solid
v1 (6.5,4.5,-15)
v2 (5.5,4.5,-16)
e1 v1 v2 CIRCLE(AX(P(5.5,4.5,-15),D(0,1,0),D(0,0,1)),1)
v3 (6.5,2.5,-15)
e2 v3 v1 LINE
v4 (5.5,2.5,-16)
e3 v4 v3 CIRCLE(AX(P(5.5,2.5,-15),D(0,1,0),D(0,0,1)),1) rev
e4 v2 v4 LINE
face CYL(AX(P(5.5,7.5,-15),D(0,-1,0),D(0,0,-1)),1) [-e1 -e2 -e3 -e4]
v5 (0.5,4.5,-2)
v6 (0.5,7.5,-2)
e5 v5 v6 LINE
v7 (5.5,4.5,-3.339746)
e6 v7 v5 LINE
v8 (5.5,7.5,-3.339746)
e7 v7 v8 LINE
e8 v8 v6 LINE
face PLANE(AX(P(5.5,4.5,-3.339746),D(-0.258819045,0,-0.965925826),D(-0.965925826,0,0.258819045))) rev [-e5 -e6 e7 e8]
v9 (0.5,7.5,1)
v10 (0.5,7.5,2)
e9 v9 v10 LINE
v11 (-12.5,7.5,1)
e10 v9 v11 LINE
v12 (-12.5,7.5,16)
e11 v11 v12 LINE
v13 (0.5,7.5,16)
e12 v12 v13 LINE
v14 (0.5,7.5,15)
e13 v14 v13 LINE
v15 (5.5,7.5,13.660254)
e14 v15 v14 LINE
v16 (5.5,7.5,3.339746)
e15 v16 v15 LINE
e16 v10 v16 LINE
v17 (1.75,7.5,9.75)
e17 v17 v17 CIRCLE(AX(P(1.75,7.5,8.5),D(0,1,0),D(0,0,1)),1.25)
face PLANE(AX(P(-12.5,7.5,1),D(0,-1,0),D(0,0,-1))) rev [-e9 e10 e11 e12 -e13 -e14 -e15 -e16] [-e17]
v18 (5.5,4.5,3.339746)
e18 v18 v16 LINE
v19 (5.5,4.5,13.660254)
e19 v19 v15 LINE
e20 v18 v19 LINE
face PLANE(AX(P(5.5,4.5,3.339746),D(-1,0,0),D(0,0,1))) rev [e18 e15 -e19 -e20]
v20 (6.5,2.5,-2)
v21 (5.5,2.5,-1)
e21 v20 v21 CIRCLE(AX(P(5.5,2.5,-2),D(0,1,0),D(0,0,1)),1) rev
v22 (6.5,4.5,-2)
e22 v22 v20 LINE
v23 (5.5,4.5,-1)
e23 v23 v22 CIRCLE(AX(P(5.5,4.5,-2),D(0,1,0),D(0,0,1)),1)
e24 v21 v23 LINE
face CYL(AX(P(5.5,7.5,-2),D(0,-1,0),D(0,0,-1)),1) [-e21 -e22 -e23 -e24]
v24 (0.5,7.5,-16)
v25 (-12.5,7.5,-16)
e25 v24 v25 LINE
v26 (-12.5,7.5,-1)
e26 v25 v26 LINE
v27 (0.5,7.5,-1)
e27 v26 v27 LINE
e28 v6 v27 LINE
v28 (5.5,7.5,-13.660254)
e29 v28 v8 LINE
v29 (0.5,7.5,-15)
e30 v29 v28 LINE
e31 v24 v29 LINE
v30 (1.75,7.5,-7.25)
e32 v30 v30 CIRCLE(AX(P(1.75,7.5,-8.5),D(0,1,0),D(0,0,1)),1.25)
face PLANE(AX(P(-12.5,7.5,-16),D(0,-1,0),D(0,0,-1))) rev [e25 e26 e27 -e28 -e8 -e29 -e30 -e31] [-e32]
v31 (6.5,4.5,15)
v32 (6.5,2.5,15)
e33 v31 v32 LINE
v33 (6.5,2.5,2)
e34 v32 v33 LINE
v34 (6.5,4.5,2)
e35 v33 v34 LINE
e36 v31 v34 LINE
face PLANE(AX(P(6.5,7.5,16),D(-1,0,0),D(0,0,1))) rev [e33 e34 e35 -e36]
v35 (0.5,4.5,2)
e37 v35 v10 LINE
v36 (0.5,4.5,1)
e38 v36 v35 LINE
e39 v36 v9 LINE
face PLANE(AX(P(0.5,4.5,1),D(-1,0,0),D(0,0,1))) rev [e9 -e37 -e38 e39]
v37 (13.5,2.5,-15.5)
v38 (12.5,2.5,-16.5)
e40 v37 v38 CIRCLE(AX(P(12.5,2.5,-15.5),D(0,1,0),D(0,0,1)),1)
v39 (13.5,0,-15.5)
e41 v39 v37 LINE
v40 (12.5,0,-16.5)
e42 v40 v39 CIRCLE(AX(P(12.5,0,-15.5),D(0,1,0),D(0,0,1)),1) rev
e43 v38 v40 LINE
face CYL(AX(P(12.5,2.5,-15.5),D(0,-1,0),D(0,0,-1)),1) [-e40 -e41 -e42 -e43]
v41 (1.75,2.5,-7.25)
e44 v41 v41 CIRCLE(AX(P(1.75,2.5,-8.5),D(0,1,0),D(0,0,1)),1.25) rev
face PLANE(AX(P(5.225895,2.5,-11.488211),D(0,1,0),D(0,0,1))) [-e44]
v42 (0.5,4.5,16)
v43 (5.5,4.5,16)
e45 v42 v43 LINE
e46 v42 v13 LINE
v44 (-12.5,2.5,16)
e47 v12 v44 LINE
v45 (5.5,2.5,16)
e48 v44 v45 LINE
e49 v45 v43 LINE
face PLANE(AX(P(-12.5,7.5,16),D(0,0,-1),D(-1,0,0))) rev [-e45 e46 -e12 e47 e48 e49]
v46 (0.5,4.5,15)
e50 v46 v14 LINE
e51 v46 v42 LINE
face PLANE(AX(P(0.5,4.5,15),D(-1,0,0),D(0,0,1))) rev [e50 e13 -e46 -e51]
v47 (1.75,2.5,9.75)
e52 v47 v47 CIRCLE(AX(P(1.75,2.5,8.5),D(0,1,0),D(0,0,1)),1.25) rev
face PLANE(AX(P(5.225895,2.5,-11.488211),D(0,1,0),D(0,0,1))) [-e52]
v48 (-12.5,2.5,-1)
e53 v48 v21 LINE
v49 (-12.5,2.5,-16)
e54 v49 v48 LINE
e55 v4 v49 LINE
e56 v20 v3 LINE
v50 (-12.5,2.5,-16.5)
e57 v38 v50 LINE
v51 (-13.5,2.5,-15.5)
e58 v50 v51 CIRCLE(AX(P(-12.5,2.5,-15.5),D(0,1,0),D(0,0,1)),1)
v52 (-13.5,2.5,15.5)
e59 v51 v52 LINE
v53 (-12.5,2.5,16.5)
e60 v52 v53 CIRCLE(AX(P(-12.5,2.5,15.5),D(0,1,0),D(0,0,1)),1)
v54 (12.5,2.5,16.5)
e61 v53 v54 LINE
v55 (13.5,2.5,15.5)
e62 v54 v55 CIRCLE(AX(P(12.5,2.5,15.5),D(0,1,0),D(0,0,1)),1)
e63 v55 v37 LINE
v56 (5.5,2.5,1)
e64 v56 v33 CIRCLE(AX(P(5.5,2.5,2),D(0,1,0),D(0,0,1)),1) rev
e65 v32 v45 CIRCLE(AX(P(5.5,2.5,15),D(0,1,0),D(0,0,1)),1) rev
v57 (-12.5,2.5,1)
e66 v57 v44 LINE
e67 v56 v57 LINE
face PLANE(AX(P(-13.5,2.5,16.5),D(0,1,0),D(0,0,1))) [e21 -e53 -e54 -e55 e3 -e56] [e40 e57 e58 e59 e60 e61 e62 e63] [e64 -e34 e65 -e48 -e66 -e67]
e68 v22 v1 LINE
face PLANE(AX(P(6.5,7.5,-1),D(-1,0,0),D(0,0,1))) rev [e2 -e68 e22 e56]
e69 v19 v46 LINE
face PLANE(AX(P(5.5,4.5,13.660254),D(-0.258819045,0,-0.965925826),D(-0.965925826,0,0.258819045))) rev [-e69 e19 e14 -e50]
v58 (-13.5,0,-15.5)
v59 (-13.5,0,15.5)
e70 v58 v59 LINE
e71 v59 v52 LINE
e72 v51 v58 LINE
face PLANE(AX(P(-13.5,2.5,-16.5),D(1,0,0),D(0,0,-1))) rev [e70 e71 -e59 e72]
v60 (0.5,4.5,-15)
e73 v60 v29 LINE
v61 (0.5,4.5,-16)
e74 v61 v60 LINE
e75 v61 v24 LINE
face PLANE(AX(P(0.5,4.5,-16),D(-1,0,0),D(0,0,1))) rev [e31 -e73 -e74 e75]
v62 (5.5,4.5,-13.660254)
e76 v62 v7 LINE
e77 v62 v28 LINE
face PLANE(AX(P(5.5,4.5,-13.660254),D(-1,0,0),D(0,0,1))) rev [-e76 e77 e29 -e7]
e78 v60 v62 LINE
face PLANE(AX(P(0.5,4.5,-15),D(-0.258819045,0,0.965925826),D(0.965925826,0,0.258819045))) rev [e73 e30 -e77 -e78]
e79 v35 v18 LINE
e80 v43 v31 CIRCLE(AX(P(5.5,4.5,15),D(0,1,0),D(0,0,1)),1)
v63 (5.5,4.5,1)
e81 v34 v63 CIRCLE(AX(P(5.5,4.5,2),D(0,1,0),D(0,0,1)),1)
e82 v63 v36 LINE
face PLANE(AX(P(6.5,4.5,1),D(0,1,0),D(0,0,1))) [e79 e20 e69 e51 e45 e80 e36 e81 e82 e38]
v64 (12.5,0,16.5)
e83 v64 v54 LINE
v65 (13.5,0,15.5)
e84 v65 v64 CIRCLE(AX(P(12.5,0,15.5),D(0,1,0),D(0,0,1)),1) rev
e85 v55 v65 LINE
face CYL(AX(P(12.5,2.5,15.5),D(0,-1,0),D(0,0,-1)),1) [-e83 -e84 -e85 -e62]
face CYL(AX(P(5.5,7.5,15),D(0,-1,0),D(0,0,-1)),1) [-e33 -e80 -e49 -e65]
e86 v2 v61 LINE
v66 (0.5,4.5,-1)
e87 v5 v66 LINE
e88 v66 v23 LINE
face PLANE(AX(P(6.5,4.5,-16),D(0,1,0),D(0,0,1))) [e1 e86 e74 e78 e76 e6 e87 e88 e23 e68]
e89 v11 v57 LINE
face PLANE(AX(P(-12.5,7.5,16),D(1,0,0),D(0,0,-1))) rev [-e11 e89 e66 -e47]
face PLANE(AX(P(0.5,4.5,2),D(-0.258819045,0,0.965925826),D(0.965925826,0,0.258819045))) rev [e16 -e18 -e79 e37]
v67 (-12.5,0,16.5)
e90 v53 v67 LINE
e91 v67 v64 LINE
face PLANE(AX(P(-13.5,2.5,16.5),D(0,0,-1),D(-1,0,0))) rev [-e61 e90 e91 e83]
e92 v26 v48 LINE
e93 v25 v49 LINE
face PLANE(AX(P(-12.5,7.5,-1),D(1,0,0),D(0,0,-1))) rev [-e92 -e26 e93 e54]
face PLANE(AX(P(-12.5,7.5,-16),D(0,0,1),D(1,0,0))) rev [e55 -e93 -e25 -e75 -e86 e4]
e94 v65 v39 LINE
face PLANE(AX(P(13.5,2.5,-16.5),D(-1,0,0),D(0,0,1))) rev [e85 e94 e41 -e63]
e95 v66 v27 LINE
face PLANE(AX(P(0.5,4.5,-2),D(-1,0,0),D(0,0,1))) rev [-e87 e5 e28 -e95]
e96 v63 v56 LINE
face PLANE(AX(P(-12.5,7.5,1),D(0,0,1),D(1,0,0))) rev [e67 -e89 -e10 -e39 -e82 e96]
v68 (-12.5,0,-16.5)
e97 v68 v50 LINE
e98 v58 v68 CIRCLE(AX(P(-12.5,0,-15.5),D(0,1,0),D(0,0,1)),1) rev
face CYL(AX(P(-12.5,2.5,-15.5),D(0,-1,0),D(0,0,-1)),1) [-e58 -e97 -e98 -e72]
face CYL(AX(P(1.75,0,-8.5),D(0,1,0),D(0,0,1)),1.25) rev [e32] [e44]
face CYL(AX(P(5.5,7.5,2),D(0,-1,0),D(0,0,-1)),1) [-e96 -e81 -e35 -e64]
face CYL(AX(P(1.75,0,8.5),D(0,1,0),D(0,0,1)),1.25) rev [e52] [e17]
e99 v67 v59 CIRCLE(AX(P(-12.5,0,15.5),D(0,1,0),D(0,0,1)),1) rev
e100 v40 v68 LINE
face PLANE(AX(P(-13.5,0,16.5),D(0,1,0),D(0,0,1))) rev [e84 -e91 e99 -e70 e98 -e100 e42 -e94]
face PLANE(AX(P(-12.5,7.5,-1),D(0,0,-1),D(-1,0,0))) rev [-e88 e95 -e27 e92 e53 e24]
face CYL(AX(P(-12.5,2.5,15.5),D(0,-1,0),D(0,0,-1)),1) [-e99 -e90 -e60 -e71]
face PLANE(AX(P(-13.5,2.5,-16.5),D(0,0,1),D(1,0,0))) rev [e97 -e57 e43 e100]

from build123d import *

# Parameters (mm, degrees)
SKETCH1_W              = 27
SKETCH1_H              = 33
EXTRUDE1_DEPTH         = 2.5
FILLET1_R              = 1
SKETCH2_W              = 19
SKETCH2_H              = 15
EXTRUDE2_DEPTH         = 5
CUT_EXTRUDE1_DEPTH     = 3
FILLET2_R              = 1
SKETCH4_R              = 1.25
CUT_EXTRUDE2_DEPTH     = 23.59977876
LPATTERN1_COUNT        = 2
LPATTERN1_PITCH        = 17
FILLET2_OF_LPATTERN1_R = 1
SKETCH5_W              = 8.254105746
SKETCH5_H              = 23.141343318
EXTRUDE3_DEPTH         = 2.5


with BuildPart() as part:
    # Sketch1 → Extrude1 (new body)
    with BuildSketch(Plane(origin=(0, 0, 0), x_dir=(1, 0, 0), z_dir=(0, 1, 0))):
        Rectangle(SKETCH1_W, SKETCH1_H)
    extrude(amount=EXTRUDE1_DEPTH)

    # Fillet1
    fillet1_edges = [part.edges().sort_by_distance(p)[0] for p in [
        (-13.5, 1.25, -16.5),
        (13.5, 1.25, -16.5),
        (13.5, 1.25, 16.5),
        (-13.5, 1.25, 16.5),
    ]]
    fillet(fillet1_edges, radius=FILLET1_R)

    # Sketch2 → Extrude2 (add)
    with BuildSketch(Plane(origin=(0, 2.5, 0), x_dir=(-1, 0, 0), z_dir=(0, 1, 0))):
        with Locations((3, 8.5)):
            Rectangle(SKETCH2_W, SKETCH2_H)
    extrude2 = extrude(amount=EXTRUDE2_DEPTH)

    # Sketch3 → Cut-Extrude1 (cut)
    with BuildSketch(Plane(origin=(0, 7.5, 0), x_dir=(-1, 0, 0), z_dir=(0, 1, 0))):
        Polygon((-0.5, 16), (-6.5, 16), (-6.5, 1), (-0.5, 1), (-0.5, 2), (-5.5, 3.339745962), (-5.5, 13.660254038), (-0.5, 15), align=None)
    cut_extrude1 = extrude(amount=-CUT_EXTRUDE1_DEPTH, mode=Mode.SUBTRACT)

    # Fillet2
    fillet2_edges = [part.edges().sort_by_distance(p)[0] for p in [
        (6.5, 3.5, 1),
        (6.5, 3.5, 16),
    ]]
    fillet(fillet2_edges, radius=FILLET2_R)

    # Sketch4 → Cut-Extrude2 (cut, through all)
    with BuildSketch(Plane(origin=(0, 7.5, 0), x_dir=(-1, 0, 0), z_dir=(0, 1, 0))):
        with Locations(Location((-1.75, 8.5, 0), (0, 0, 90))):
            Circle(SKETCH4_R)
    cut_extrude2 = extrude(amount=-CUT_EXTRUDE2_DEPTH, mode=Mode.SUBTRACT)

    # LPattern1: Extrude2, Cut-Extrude1, Cut-Extrude2 ×2
    with Locations(*[(0, 0, -i * LPATTERN1_PITCH) for i in range(1, LPATTERN1_COUNT)]):
        add(extrude2)
        add(cut_extrude1, mode=Mode.SUBTRACT)
        add(cut_extrude2, mode=Mode.SUBTRACT)

    # Fillet2 of LPattern1
    fillet2_of_lpattern1_edges = [part.edges().sort_by_distance(p)[0] for p in [
        (6.5, 3.5, -16),
        (6.5, 3.5, -1),
    ]]
    fillet(fillet2_of_lpattern1_edges, radius=FILLET2_OF_LPATTERN1_R)

    # Sketch5 → Extrude3 (add)
    with BuildSketch(Plane.XZ):
        with Locations((1.09884186, 0.082461012)):
            Rectangle(SKETCH5_W, SKETCH5_H)
    extrude(amount=-EXTRUDE3_DEPTH)


solid = part.part
